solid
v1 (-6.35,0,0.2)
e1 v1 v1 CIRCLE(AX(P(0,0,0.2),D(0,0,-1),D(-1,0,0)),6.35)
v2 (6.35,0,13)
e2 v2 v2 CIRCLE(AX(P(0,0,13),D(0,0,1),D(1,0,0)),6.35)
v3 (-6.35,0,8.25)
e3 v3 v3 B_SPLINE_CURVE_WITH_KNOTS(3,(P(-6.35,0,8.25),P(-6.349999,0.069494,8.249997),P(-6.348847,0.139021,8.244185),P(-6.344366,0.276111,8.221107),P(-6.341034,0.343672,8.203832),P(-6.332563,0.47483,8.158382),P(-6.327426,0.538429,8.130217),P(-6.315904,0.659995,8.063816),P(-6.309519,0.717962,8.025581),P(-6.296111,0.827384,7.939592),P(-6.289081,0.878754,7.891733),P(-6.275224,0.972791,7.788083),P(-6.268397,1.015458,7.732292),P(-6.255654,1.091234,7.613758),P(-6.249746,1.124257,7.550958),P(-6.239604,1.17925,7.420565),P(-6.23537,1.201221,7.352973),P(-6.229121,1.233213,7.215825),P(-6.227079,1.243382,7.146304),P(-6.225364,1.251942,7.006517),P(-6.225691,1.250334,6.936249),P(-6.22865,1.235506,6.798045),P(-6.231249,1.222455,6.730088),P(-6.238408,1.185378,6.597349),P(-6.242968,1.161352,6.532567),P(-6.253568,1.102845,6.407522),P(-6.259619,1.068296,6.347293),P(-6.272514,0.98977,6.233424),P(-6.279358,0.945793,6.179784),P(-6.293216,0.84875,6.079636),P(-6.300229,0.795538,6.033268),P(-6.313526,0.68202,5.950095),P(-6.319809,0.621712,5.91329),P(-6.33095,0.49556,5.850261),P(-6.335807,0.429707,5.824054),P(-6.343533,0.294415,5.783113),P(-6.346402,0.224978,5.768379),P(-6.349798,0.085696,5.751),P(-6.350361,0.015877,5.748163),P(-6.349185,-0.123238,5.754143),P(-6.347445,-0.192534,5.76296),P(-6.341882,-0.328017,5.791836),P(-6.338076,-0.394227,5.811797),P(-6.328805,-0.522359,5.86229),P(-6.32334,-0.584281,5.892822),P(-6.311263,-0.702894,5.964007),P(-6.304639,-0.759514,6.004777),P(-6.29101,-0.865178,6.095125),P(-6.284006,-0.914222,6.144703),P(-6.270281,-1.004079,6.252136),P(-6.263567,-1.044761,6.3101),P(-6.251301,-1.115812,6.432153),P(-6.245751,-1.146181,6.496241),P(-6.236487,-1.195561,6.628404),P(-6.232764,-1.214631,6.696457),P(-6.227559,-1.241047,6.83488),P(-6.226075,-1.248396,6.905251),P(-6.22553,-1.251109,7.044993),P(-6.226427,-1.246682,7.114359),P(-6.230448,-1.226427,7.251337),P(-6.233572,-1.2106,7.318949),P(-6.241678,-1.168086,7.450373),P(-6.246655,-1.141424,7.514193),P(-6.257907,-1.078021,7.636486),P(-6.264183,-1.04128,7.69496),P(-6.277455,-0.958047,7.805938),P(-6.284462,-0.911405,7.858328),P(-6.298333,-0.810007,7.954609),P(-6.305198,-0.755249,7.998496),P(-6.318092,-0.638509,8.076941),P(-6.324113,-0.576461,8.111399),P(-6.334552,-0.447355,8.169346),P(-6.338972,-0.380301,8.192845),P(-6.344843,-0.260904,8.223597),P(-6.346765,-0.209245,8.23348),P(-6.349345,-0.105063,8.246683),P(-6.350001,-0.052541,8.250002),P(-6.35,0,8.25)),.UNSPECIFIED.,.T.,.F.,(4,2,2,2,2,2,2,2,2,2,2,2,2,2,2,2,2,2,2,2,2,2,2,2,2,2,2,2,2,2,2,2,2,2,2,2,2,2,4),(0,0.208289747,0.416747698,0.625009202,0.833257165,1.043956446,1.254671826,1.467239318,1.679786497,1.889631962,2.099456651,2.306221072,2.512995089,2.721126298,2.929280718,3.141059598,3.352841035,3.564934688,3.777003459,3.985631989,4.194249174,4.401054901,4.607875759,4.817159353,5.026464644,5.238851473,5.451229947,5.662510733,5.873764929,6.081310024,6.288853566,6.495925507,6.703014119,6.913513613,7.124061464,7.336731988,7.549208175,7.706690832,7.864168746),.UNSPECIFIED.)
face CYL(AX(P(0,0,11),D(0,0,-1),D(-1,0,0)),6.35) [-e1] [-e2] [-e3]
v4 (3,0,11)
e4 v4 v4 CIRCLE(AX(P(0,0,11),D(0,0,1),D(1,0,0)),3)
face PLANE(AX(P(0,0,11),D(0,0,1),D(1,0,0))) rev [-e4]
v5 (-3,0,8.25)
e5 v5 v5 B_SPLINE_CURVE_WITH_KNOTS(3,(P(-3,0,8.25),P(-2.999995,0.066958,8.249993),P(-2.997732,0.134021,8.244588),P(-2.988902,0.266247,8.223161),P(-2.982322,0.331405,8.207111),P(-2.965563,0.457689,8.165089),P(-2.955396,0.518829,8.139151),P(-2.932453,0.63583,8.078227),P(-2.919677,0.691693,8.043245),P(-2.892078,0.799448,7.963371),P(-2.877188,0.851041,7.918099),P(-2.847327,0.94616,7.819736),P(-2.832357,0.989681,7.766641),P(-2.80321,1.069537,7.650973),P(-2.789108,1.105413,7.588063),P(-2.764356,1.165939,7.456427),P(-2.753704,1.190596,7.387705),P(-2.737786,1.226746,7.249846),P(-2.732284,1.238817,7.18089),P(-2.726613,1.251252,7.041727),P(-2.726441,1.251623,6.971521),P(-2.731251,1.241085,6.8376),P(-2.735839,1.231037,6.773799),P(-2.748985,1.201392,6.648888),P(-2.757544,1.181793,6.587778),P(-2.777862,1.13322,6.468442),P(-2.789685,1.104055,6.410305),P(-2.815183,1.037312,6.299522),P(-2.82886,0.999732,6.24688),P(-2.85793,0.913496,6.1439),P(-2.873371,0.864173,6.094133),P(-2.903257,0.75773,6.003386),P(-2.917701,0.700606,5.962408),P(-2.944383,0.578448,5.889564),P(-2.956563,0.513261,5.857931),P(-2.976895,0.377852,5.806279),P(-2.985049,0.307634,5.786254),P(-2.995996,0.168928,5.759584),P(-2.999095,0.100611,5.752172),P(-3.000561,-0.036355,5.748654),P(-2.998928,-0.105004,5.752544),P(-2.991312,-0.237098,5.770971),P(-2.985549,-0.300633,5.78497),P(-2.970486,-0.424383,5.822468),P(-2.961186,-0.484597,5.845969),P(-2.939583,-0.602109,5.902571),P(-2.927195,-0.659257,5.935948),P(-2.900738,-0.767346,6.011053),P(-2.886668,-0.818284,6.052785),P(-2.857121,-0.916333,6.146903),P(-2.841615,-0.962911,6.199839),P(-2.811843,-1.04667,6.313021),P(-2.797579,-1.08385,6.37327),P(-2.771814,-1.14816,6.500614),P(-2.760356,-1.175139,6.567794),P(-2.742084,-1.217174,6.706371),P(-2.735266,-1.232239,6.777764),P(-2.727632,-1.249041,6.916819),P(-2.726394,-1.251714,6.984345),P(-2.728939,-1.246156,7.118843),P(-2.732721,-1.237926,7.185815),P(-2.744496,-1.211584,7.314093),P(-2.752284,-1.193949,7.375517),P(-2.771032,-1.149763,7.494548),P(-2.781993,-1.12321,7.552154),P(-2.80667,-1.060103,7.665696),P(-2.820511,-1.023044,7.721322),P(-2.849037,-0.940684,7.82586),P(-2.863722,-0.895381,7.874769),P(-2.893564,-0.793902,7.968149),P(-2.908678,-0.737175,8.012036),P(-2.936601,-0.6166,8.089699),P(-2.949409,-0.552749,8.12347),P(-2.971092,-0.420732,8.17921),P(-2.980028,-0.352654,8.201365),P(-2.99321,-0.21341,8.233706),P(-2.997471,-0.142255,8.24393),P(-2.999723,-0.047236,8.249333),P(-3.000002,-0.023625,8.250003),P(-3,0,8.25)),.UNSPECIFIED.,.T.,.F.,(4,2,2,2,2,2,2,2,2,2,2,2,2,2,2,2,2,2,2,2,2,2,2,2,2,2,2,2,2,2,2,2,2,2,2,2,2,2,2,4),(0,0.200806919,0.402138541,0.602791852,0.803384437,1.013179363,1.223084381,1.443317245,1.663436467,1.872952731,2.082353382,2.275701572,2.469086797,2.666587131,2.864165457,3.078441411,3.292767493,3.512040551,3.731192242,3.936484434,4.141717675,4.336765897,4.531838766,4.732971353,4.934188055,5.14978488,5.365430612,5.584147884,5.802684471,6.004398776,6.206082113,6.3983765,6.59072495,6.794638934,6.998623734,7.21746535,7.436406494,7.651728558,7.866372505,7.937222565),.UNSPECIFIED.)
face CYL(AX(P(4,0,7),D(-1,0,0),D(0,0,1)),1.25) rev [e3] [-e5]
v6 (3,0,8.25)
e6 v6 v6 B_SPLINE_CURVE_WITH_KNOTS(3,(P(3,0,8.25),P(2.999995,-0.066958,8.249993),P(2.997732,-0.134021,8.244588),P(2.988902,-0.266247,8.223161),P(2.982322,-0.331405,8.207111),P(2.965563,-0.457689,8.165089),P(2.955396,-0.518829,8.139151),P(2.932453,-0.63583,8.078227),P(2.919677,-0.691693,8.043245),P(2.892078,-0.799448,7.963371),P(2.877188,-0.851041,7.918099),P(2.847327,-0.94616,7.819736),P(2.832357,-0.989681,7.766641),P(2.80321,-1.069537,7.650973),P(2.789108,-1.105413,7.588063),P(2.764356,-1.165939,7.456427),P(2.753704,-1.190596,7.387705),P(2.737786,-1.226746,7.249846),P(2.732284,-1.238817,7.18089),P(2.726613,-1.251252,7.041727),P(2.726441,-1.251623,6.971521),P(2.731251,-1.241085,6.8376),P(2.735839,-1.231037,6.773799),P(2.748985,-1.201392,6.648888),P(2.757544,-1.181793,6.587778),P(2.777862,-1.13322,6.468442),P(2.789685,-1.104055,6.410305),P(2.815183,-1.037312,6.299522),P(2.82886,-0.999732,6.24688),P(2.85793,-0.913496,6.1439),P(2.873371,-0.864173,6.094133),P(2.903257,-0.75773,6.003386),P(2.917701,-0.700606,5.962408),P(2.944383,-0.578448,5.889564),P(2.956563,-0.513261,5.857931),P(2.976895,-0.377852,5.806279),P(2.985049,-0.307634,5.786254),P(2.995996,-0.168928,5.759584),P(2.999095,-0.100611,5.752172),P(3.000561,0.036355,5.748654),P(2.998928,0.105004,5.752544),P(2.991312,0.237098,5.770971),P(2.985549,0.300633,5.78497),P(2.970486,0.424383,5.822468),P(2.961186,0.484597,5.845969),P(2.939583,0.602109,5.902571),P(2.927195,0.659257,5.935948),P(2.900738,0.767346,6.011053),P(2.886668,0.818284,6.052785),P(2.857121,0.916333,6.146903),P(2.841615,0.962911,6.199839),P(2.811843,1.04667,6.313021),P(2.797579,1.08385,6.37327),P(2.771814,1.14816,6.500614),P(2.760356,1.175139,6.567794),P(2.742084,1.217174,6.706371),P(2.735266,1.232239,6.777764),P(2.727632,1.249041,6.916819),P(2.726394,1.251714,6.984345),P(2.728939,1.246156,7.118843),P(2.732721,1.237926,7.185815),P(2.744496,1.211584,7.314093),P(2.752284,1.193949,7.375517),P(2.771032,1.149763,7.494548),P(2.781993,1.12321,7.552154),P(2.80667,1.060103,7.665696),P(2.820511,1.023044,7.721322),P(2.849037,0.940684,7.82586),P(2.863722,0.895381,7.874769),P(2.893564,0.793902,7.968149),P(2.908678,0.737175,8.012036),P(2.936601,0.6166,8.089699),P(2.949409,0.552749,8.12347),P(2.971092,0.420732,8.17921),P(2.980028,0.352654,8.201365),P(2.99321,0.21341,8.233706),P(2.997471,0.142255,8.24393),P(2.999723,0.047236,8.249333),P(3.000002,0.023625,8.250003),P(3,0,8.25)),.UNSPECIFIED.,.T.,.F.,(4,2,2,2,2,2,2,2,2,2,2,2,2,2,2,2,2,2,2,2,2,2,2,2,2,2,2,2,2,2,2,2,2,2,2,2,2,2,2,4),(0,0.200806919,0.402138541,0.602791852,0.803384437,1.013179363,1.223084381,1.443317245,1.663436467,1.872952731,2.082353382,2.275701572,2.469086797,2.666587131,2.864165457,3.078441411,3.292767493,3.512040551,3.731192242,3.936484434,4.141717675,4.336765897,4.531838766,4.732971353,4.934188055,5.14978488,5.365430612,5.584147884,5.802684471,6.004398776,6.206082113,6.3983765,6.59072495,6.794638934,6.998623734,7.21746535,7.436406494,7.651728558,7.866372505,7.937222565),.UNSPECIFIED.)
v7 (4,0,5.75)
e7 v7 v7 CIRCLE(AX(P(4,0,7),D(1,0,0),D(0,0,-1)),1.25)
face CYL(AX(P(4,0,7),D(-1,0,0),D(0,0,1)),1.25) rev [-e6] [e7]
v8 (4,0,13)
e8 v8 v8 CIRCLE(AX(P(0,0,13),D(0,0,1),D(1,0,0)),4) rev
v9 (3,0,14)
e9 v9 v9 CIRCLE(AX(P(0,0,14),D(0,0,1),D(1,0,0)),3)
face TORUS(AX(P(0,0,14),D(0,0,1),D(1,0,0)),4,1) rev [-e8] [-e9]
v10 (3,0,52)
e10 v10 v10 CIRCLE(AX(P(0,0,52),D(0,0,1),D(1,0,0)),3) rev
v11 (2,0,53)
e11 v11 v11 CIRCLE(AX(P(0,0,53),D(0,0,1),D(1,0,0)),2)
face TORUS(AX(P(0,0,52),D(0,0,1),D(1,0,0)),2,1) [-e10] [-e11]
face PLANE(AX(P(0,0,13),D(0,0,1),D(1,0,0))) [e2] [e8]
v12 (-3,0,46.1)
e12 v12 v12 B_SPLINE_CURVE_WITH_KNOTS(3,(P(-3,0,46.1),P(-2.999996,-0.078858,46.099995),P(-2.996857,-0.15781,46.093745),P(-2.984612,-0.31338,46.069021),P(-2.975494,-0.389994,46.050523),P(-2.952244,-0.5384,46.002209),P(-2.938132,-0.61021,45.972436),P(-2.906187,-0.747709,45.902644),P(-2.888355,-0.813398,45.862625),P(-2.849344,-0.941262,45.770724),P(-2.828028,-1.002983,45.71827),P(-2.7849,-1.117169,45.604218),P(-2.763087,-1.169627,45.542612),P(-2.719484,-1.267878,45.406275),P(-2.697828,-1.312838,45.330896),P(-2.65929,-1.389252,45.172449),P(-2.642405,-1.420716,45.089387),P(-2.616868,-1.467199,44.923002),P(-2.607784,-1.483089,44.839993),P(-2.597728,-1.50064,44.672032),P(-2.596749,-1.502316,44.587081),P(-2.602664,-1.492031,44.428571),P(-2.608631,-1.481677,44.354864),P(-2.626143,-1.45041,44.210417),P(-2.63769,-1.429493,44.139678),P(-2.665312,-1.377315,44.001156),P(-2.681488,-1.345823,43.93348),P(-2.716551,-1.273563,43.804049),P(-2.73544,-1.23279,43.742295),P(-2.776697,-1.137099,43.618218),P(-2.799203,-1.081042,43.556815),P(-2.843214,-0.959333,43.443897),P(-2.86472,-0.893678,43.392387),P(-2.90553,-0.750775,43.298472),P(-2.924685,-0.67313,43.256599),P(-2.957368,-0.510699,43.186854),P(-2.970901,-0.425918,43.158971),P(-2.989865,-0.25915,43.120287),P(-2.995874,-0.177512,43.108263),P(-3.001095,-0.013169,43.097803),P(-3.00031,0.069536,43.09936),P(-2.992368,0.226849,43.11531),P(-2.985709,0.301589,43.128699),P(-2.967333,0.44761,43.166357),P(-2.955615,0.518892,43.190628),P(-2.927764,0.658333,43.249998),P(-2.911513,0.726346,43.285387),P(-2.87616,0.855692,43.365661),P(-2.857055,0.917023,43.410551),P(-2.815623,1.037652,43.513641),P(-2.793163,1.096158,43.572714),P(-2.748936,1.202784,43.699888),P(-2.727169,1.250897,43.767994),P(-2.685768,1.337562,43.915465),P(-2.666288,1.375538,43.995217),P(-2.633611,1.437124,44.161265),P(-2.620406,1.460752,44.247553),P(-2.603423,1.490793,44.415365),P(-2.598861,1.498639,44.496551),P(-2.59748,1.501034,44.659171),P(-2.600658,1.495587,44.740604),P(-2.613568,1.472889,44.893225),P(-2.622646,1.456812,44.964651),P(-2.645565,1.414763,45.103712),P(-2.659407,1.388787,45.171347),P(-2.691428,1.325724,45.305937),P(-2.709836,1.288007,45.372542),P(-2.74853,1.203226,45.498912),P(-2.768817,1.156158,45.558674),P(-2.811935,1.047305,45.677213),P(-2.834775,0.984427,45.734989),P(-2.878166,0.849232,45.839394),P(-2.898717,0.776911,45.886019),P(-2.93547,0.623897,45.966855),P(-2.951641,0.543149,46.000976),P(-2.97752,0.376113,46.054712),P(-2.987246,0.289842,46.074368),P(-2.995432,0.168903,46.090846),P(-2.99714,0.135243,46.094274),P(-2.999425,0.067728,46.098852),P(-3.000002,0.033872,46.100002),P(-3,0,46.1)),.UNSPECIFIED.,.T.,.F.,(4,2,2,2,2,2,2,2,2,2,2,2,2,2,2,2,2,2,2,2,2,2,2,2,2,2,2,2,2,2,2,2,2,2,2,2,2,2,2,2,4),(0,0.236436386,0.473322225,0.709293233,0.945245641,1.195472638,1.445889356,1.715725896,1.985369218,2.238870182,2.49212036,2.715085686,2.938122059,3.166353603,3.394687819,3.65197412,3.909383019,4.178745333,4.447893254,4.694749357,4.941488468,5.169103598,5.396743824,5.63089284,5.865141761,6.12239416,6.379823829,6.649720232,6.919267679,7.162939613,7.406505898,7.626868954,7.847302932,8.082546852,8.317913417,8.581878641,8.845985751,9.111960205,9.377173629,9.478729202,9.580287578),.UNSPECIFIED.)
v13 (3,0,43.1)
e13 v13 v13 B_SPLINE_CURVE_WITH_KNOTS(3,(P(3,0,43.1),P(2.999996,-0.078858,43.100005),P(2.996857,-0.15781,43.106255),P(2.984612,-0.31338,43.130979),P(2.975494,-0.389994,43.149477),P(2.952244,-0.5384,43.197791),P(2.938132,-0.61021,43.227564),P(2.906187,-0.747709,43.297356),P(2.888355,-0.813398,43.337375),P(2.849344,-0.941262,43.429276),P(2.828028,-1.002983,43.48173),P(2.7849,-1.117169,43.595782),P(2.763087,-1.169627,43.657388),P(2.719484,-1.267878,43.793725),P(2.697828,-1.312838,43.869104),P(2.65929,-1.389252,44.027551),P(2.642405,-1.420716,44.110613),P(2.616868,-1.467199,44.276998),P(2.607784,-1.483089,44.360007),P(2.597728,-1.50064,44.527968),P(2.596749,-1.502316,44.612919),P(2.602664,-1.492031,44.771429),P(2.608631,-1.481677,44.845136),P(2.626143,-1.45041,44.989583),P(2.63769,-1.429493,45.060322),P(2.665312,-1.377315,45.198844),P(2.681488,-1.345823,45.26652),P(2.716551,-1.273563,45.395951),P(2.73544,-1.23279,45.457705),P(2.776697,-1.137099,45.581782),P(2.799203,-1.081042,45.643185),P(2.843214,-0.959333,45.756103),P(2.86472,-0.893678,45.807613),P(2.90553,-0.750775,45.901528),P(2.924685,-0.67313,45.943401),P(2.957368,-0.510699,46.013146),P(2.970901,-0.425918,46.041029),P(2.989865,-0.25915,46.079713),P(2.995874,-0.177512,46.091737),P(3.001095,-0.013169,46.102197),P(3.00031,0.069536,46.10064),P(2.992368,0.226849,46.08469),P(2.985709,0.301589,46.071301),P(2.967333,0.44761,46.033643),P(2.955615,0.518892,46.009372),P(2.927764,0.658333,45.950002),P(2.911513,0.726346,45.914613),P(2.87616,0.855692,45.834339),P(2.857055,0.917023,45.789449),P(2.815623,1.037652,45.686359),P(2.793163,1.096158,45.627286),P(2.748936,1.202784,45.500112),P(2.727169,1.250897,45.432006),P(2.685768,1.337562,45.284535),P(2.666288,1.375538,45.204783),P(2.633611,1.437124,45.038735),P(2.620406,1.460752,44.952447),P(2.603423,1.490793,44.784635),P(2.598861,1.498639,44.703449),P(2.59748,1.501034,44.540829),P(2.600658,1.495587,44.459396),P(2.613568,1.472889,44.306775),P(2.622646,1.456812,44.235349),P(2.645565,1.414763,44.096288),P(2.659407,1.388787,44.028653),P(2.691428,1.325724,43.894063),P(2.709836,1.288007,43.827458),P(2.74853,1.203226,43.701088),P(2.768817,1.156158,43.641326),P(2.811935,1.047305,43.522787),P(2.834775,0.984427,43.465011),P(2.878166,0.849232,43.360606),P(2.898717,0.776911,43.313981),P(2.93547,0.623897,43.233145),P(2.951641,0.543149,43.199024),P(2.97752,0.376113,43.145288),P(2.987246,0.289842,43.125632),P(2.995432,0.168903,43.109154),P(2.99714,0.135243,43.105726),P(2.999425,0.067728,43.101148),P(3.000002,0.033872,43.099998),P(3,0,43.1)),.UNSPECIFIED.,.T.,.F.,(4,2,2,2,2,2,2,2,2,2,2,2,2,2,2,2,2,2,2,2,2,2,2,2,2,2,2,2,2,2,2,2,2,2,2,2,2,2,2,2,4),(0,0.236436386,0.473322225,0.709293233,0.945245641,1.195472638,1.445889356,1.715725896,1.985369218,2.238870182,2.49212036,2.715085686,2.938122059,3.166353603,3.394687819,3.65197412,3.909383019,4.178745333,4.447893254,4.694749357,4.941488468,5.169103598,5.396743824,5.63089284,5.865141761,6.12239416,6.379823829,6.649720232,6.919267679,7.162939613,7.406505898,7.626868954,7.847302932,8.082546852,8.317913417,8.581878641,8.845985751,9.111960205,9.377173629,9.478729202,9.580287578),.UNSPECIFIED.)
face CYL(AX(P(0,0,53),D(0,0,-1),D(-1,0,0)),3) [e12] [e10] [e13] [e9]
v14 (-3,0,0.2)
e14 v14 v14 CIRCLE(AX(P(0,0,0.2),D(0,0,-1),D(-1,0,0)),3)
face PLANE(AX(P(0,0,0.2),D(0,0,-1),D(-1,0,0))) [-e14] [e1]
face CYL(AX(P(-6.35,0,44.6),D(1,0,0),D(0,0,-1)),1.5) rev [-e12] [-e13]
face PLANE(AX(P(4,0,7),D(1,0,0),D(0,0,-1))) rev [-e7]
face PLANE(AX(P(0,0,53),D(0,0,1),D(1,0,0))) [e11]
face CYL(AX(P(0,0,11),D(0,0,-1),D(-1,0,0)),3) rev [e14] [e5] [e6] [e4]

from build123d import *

# Parameters (mm, degrees)
SKETCH1_R               = 6.35
SKETCH1_R_2             = 3
BOSS_EXTRUDE1_DEPTH     = 11
SKETCH2_R               = 6.35
BOSS_EXTRUDE2_DEPTH     = 2
SKETCH3_R               = 3
BOSS_EXTRUDE3_DEPTH     = 40
CUT_EXTRUDE1_DEPTH      = 4
CUT_EXTRUDE1_DEPTH_BACK = 30
SKETCH4_R               = 1.25
FILLET1_R               = 1
FILLET2_R               = 1
CUT_EXTRUDE2_DEPTH      = 54.755418355
CUT_EXTRUDE2_DEPTH_BACK = 54.755418355
SKETCH5_R               = 1.5
SKETCH6_R               = 6.35
CUT_EXTRUDE3_DEPTH      = 0.2


with BuildPart() as part:
    # Sketch1 → Boss-Extrude1 (new body)
    with BuildSketch(Plane.XY):
        Circle(SKETCH1_R)
        Circle(SKETCH1_R_2, mode=Mode.SUBTRACT)
    extrude(amount=BOSS_EXTRUDE1_DEPTH)

    # Sketch2 → Boss-Extrude2 (add)
    with BuildSketch(Plane.XY.offset(11)):
        Circle(SKETCH2_R)
    extrude(amount=BOSS_EXTRUDE2_DEPTH)

    # Sketch3 → Boss-Extrude3 (add)
    with BuildSketch(Plane.XY.offset(13)):
        Circle(SKETCH3_R)
    extrude(amount=BOSS_EXTRUDE3_DEPTH)

    # Sketch4 → Cut-Extrude1 (cut, two sides: drawn at the far end of the back side and taken through both)
    with BuildSketch(Plane(origin=(0, 0, 0), x_dir=(0, 0, -1), z_dir=(1, 0, 0)).offset(-CUT_EXTRUDE1_DEPTH_BACK)):
        with Locations((-7, 0)):
            Circle(SKETCH4_R)
    extrude(amount=CUT_EXTRUDE1_DEPTH + CUT_EXTRUDE1_DEPTH_BACK, mode=Mode.SUBTRACT)

    # Fillet1
    fillet1_edges = [part.edges().sort_by_distance(p)[0] for p in [
        (-3, 0, 13),
    ]]
    fillet(fillet1_edges, radius=FILLET1_R)

    # Fillet2
    fillet2_edges = [part.edges().sort_by_distance(p)[0] for p in [
        (-3, 0, 53),
    ]]
    fillet(fillet2_edges, radius=FILLET2_R)

    # Sketch5 → Cut-Extrude2 (cut, two sides: drawn at the far end of the back side and taken through both)
    with BuildSketch(Plane(origin=(0, 0, 0), x_dir=(0, 0, -1), z_dir=(1, 0, 0)).offset(-CUT_EXTRUDE2_DEPTH_BACK)):
        with Locations(Location((-44.6, 0, 0), (0, 0, 179.999999999))):
            Circle(SKETCH5_R)
    extrude(amount=CUT_EXTRUDE2_DEPTH + CUT_EXTRUDE2_DEPTH_BACK, mode=Mode.SUBTRACT)

    # Sketch6 → Cut-Extrude3 (cut)
    with BuildSketch(Plane(origin=(0, 0, 0), x_dir=(-1, 0, 0), z_dir=(0, 0, -1))):
        Circle(SKETCH6_R)
    extrude(amount=-CUT_EXTRUDE3_DEPTH, mode=Mode.SUBTRACT)


solid = part.part
